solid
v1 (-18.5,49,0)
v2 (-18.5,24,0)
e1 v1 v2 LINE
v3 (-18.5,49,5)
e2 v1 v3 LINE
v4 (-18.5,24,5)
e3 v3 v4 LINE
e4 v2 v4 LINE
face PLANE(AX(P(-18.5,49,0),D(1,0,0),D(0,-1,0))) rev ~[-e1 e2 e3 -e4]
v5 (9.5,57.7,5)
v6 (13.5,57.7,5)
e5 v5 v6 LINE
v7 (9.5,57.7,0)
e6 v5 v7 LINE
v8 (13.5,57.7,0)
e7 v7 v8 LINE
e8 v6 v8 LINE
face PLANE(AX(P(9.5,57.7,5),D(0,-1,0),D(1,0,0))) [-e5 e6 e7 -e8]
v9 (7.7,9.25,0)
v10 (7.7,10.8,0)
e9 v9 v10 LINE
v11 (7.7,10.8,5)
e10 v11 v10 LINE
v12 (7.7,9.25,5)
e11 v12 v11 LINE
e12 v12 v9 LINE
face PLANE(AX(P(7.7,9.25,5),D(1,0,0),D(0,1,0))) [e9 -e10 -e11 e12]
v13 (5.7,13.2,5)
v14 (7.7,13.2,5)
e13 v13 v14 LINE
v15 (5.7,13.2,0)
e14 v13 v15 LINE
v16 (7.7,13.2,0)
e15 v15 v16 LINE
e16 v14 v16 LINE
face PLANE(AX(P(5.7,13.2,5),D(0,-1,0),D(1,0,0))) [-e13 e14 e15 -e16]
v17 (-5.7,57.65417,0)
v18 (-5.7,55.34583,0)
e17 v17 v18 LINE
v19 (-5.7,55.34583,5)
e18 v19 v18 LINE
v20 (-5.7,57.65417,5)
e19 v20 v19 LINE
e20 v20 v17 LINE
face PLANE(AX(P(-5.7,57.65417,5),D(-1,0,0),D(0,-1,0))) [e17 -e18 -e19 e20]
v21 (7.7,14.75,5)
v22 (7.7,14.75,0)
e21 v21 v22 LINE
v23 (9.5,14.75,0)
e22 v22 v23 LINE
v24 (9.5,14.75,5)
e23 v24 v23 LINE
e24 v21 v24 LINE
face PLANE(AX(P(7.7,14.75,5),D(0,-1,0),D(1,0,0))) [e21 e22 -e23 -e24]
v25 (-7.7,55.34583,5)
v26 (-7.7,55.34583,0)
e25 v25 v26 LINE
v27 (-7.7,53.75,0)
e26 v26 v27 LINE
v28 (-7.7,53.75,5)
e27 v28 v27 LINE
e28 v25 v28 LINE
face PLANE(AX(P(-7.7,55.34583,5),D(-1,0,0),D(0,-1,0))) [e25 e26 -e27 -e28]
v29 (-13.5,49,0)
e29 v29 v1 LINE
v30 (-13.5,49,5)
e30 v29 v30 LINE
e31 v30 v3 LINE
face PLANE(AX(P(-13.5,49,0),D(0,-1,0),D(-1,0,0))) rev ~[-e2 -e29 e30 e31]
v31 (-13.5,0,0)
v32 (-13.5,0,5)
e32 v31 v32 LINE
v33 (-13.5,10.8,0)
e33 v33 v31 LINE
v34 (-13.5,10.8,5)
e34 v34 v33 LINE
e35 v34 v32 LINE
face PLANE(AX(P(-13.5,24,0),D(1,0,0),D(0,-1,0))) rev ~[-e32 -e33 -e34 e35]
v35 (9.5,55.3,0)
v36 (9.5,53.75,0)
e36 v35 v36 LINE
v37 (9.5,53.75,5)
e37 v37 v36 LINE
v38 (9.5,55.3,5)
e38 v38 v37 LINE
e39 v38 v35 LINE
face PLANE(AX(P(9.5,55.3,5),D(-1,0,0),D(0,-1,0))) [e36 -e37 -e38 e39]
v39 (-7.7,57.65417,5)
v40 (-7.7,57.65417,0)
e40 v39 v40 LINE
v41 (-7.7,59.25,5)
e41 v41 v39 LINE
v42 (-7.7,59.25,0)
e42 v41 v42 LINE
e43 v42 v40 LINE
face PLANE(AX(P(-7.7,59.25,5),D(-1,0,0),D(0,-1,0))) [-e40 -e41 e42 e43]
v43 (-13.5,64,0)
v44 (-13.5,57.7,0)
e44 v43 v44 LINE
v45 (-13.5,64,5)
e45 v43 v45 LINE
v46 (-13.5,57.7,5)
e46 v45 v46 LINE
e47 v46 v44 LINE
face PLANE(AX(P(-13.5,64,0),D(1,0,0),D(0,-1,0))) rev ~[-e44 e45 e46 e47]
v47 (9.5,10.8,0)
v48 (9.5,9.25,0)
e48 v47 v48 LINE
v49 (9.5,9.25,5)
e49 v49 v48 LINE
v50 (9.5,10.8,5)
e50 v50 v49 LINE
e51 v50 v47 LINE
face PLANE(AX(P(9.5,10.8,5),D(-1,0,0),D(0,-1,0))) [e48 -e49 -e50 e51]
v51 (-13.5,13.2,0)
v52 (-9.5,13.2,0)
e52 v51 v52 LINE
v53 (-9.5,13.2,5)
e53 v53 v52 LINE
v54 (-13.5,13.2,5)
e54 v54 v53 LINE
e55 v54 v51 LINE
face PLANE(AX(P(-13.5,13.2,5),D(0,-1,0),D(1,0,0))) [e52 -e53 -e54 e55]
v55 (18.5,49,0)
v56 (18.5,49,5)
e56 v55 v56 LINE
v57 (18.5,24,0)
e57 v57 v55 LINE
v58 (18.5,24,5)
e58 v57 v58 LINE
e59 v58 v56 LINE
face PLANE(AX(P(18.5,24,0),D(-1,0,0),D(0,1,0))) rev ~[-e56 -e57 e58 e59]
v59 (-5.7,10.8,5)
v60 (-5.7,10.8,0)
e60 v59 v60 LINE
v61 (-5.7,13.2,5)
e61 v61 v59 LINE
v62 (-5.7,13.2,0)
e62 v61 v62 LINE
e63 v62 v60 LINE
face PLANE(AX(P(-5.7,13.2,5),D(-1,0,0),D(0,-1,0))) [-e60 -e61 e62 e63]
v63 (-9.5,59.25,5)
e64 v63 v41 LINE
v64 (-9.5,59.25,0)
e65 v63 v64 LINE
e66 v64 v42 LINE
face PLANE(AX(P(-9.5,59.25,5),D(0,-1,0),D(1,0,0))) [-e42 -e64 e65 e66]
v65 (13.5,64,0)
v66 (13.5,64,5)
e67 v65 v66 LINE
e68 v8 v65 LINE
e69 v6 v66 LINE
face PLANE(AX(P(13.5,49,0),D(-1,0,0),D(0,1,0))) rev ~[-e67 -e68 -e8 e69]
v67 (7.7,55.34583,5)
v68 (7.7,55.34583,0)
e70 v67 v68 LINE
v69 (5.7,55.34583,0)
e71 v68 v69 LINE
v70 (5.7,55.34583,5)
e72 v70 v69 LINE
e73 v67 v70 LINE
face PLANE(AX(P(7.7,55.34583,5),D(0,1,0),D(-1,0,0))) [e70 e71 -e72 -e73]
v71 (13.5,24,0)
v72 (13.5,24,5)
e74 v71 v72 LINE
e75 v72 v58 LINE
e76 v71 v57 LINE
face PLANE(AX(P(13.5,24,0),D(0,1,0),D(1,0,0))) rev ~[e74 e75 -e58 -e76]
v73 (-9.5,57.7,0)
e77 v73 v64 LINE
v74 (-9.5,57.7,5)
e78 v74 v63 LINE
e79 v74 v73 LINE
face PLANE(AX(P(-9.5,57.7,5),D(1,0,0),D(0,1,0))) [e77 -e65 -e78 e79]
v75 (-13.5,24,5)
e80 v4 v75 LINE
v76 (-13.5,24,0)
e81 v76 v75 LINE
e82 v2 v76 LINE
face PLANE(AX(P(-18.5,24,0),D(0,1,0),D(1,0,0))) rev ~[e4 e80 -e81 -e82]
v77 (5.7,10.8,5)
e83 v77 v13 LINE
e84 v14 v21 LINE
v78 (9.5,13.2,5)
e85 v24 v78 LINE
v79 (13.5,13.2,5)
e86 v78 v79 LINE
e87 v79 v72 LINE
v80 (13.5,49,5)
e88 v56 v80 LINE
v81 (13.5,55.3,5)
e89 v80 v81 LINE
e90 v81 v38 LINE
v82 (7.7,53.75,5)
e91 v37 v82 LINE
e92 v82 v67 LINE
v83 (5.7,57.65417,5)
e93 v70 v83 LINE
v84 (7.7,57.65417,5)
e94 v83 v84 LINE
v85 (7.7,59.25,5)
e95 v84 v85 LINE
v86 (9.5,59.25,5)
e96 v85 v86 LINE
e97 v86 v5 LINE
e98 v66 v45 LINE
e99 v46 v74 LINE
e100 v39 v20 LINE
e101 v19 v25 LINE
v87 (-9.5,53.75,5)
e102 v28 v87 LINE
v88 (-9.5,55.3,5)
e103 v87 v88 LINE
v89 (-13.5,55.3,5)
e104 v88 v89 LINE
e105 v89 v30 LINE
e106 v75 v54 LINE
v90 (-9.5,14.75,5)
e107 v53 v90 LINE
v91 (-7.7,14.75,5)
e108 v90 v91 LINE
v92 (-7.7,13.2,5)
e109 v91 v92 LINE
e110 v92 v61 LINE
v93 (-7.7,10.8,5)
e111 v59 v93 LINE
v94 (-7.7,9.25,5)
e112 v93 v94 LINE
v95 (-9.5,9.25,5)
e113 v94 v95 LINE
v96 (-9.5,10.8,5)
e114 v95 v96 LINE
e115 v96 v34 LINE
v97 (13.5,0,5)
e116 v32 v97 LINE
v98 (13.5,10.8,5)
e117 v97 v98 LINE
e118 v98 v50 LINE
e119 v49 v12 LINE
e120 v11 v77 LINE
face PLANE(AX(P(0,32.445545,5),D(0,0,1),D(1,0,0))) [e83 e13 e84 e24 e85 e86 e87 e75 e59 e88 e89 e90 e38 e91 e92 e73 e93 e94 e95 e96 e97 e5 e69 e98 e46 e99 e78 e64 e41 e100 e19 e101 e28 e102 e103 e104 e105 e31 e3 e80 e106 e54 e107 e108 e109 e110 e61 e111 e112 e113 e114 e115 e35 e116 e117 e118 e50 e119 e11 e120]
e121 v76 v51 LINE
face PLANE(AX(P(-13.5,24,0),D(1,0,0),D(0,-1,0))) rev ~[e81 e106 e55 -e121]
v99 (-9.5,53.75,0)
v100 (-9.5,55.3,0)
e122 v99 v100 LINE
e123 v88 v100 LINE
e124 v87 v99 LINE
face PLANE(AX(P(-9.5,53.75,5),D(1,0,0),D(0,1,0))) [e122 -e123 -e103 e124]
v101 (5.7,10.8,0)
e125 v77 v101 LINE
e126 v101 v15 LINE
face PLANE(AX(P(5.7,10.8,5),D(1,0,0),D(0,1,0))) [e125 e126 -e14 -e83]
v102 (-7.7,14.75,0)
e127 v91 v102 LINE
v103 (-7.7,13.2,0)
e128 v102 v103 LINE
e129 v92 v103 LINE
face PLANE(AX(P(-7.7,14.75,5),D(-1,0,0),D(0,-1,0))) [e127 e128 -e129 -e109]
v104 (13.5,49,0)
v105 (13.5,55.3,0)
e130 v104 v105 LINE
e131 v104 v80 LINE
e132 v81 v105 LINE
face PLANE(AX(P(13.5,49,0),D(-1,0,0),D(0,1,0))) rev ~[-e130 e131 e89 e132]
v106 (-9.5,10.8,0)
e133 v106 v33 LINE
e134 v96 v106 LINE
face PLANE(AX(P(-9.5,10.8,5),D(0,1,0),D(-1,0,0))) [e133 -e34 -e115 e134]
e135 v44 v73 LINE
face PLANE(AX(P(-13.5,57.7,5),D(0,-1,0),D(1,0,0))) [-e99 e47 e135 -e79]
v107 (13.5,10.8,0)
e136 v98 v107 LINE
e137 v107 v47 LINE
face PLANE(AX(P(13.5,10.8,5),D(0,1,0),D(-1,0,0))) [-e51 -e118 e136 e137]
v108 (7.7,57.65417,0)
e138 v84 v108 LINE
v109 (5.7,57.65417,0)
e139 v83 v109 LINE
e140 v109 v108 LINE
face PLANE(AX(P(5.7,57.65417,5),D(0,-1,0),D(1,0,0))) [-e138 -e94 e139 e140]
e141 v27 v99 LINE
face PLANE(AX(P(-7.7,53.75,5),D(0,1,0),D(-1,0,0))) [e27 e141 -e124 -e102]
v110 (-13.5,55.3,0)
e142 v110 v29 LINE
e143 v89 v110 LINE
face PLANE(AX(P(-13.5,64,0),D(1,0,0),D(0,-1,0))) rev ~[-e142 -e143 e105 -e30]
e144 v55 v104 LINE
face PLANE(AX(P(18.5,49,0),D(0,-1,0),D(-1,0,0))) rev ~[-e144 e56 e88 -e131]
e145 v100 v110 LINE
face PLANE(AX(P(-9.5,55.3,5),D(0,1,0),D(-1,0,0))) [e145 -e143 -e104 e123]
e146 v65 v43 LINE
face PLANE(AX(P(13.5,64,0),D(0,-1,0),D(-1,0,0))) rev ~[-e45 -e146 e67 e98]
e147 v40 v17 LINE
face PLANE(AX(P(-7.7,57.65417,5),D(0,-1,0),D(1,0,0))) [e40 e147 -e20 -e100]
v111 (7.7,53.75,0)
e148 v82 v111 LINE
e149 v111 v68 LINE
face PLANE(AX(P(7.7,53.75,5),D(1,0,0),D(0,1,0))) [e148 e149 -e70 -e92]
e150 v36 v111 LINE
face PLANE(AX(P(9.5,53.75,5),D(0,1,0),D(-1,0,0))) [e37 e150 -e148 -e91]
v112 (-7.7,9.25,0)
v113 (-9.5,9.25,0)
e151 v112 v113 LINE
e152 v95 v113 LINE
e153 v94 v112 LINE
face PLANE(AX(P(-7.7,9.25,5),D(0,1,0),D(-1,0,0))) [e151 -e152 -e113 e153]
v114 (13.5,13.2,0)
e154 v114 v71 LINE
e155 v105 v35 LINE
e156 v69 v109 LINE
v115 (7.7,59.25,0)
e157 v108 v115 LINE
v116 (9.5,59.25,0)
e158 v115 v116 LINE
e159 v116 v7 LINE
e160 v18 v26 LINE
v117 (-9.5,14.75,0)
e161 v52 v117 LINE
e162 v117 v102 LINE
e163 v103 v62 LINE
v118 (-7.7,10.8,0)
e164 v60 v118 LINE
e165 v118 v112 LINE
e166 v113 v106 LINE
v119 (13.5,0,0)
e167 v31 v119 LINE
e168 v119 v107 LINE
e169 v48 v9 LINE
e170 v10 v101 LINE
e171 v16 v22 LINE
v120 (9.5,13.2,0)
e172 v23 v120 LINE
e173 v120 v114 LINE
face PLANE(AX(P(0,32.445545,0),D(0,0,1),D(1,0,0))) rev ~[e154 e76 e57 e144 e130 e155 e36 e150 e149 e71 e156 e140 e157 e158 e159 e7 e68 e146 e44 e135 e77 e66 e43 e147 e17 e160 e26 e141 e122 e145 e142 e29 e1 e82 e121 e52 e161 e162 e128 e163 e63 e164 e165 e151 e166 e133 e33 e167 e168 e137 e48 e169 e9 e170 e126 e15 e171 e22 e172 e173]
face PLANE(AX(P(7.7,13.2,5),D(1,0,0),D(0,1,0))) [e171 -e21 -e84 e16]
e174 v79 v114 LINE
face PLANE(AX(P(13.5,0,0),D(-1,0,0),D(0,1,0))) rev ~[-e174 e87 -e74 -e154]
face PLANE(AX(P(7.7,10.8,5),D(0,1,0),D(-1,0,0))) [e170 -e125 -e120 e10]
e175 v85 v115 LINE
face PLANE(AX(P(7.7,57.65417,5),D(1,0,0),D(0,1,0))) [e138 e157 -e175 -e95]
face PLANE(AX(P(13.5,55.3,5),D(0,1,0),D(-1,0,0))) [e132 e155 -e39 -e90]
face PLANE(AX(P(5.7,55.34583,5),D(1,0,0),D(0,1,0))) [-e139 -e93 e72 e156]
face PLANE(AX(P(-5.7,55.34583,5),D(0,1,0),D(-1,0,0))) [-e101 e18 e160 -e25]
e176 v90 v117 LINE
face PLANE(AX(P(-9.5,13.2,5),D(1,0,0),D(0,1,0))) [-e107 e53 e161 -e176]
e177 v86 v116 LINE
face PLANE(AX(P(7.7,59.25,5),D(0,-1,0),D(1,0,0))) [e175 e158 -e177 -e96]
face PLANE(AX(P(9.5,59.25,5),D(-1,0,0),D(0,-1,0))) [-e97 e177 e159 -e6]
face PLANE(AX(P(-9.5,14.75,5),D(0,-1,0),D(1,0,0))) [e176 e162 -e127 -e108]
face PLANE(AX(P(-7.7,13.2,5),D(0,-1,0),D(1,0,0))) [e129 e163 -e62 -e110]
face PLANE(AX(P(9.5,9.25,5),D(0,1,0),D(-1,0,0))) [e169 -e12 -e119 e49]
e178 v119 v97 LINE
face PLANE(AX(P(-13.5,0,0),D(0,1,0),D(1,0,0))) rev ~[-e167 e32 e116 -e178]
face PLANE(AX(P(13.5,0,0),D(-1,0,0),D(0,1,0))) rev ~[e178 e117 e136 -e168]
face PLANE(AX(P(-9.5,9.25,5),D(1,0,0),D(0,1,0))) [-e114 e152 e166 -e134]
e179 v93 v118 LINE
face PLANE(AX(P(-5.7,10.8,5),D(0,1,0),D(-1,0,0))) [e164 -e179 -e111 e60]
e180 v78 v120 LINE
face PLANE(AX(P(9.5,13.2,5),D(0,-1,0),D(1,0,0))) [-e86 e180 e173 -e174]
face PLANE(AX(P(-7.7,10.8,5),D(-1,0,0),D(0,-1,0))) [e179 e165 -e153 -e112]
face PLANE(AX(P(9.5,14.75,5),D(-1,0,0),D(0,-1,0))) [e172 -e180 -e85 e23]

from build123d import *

# Parameters (mm, degrees)
BOSS_EXTRUDE1_DEPTH = 5
CUT_EXTRUDE2_DEPTH  = 6


with BuildPart() as part:
    # Sketch1 → Boss-Extrude1 (new body)
    with BuildSketch(Plane.XY):
        Polygon((-13.5, 0), (13.5, 0), (13.5, 24), (18.5, 24), (18.5, 49), (13.5, 49), (13.5, 64), (-13.5, 64), (-13.5, 49), (-18.5, 49), (-18.5, 24), (-13.5, 24), align=None)
    extrude(amount=BOSS_EXTRUDE1_DEPTH)

    # Sketch2 → Cut-Extrude2 (cut, through all)
    with BuildSketch(Plane.XY.offset(5)):
        Polygon((-13.5, 56.5), (-13.5, 57.7), (-9.5, 57.7), (-9.5, 59.25), (-7.7, 59.25), (-7.7, 57.654169795), (-5.7, 57.654169795), (-5.7, 55.345830205), (-7.7, 55.345830205), (-7.7, 53.75), (-9.5, 53.75), (-9.5, 55.3), (-13.5, 55.3), align=None)
        Polygon((13.5, 56.5), (13.5, 55.3), (9.5, 55.3), (9.5, 53.75), (7.7, 53.75), (7.7, 55.345830205), (5.7, 55.345830205), (5.7, 57.654169795), (7.7, 57.654169795), (7.7, 59.25), (9.5, 59.25), (9.5, 57.7), (13.5, 57.7), align=None)
        Polygon((-13.5, 10.8), (-13.5, 13.2), (-9.5, 13.2), (-9.5, 14.75), (-7.7, 14.75), (-7.7, 13.2), (-5.7, 13.2), (-5.7, 10.8), (-7.7, 10.8), (-7.7, 9.25), (-9.5, 9.25), (-9.5, 10.8), align=None)
        Polygon((13.5, 10.8), (9.5, 10.8), (9.5, 9.25), (7.7, 9.25), (7.7, 10.8), (5.7, 10.8), (5.7, 13.2), (7.7, 13.2), (7.7, 14.75), (9.5, 14.75), (9.5, 13.2), (13.5, 13.2), align=None)
    extrude(amount=-CUT_EXTRUDE2_DEPTH, mode=Mode.SUBTRACT)


solid = part.part
